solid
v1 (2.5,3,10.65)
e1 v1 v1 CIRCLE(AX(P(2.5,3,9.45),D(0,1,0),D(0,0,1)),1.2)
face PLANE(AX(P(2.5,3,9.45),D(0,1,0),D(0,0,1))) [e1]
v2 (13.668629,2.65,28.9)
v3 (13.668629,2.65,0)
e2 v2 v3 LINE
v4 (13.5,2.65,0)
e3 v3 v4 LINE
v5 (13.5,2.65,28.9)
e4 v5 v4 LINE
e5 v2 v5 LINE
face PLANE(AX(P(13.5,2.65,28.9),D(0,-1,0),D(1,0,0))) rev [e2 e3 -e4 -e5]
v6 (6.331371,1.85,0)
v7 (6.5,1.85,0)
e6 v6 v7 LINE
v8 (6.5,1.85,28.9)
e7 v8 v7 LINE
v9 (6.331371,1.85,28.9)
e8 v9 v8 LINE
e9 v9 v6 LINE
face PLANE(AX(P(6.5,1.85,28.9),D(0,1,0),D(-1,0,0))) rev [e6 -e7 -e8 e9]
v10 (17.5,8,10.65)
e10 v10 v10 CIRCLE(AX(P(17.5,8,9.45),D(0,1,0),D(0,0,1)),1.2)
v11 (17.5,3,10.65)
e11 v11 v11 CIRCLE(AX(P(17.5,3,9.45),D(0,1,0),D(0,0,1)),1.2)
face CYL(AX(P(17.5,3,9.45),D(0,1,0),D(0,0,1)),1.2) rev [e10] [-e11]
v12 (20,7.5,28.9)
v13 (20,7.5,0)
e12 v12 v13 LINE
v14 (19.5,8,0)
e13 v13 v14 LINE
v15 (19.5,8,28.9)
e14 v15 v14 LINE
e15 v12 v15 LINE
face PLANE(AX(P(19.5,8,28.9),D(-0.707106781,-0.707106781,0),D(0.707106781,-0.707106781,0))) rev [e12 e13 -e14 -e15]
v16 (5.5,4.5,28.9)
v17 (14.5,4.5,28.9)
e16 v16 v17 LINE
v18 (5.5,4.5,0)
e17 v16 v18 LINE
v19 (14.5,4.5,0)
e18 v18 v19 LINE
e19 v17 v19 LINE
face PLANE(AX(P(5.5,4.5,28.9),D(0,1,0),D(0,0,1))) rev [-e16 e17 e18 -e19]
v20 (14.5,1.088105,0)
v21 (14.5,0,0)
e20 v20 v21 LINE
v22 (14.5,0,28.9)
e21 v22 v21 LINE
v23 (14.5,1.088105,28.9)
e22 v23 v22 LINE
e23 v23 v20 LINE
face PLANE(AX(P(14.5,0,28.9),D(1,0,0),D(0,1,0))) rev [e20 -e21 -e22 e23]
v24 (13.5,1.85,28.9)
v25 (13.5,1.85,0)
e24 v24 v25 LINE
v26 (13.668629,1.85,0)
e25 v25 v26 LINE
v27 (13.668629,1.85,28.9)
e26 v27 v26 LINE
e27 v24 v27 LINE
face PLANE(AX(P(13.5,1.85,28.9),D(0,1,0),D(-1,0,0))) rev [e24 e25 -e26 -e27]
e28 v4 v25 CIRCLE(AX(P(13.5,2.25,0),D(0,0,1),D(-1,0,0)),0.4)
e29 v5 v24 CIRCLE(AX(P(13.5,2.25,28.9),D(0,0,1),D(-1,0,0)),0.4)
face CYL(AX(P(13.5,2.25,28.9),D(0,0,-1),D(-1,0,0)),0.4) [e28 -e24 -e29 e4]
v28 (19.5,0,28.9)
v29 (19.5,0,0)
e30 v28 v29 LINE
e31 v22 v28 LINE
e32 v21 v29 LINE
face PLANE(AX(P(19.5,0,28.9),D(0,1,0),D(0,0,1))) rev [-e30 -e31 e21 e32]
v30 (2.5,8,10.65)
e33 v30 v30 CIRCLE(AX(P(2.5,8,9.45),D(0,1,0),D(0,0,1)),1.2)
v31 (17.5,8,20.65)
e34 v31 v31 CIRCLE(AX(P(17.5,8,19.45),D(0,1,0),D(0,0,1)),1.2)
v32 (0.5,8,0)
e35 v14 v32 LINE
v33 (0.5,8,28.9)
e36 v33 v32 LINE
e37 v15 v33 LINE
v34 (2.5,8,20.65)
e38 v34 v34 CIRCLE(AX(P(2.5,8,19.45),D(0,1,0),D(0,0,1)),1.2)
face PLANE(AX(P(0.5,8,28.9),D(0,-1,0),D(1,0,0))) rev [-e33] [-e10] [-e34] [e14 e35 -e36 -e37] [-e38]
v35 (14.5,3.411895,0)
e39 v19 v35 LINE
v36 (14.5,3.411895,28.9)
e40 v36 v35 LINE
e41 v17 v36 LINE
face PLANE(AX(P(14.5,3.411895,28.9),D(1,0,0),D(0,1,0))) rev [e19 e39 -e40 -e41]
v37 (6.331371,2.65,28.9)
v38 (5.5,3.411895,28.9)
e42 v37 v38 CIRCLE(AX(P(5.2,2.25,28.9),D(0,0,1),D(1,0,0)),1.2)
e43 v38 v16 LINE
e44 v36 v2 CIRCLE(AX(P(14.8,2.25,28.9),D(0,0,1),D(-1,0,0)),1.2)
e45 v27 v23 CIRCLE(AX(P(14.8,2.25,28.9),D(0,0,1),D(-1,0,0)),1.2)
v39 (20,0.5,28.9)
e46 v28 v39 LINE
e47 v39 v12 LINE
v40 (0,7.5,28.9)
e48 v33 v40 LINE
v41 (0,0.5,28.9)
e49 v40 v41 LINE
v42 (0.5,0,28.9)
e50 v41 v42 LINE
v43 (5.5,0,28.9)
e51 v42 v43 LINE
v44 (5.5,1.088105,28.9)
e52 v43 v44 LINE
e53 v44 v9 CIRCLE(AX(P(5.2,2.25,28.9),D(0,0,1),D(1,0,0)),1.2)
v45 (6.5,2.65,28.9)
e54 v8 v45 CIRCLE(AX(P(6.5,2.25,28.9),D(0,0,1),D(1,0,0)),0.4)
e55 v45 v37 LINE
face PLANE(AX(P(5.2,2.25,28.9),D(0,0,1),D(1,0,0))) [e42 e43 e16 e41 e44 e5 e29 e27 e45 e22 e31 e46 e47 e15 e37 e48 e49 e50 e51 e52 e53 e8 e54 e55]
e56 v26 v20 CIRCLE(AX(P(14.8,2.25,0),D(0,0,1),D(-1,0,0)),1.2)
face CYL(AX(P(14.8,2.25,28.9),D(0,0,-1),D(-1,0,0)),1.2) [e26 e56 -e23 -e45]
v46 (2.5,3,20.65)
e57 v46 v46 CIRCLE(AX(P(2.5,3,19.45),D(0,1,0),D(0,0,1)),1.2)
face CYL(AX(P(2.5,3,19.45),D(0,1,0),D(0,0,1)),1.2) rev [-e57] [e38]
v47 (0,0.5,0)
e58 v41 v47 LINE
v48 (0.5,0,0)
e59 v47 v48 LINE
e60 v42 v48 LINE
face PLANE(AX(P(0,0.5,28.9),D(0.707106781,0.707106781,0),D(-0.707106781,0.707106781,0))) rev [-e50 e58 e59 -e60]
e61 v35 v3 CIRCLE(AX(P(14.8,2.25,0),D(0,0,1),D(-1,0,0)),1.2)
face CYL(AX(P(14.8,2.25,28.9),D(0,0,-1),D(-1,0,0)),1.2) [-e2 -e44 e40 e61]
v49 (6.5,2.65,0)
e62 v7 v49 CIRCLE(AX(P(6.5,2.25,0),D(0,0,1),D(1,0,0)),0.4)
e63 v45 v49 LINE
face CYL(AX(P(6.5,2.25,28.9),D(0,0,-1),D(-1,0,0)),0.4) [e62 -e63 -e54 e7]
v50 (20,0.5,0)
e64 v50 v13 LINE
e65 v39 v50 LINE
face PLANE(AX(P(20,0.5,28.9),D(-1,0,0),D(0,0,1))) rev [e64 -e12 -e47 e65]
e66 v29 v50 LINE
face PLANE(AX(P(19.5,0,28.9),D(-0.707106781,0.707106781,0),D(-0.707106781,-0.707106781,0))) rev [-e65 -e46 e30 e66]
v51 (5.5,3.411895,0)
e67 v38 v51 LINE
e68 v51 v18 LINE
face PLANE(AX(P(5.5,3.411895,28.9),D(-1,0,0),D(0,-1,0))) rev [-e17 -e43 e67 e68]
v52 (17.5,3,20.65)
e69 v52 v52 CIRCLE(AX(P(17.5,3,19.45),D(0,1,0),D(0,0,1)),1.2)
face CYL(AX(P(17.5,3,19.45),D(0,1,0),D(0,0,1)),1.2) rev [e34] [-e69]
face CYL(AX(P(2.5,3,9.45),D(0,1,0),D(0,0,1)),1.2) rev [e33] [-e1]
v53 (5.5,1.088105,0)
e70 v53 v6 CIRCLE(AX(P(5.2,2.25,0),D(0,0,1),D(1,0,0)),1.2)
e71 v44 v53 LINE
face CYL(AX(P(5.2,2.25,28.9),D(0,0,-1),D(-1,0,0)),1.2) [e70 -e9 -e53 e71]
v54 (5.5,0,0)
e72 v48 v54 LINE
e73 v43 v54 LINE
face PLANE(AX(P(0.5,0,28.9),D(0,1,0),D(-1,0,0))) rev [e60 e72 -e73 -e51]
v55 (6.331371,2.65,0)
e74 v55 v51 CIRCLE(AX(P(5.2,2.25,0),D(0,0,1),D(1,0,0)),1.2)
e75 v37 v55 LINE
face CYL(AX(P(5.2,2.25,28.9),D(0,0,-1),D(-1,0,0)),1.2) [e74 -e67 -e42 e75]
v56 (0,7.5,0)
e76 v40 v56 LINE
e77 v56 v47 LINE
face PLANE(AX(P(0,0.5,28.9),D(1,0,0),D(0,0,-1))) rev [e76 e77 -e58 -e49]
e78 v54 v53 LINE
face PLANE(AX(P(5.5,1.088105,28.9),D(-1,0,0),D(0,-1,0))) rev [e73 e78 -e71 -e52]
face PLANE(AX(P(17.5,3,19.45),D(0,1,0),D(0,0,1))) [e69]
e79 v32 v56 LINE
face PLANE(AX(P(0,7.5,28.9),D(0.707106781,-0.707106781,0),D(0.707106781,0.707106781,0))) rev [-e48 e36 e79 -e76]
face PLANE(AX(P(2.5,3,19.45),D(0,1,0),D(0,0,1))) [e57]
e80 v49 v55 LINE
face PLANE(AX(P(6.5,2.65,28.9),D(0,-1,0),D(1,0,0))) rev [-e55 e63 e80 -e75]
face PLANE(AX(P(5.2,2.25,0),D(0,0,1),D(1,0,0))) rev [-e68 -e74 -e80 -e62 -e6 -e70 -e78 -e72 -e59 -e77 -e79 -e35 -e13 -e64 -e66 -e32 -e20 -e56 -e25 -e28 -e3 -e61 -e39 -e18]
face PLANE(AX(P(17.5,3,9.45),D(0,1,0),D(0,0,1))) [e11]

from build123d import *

# Parameters (mm, degrees)
EXTRUDE_1_DEPTH     = 28.9
SKETCH_2_R          = 1.2
CUT_EXTRUDE_1_DEPTH = 5


with BuildPart() as part:
    # 草图1 → 凸台-拉伸1 (new body)
    with BuildSketch(Plane.XY):
        with BuildLine():
            Line((0, 0.5), (0, 7.5))
            Line((0, 7.5), (0.5, 8))
            Line((0.5, 8), (19.5, 8))
            Line((19.5, 8), (20, 7.5))
            Line((20, 7.5), (20, 0.5))
            Line((20, 0.5), (19.5, 0))
            Line((19.5, 0), (14.5, 0))
            Line((14.5, 0), (14.5, 1.088104996))
            ThreePointArc((14.5, 1.088104996), (13.989243177, 1.365311708), (13.66862915, 1.85))
            Line((13.66862915, 1.85), (13.5, 1.85))
            ThreePointArc((13.5, 1.85), (13.1, 2.25), (13.5, 2.65))
            Line((13.5, 2.65), (13.66862915, 2.65))
            ThreePointArc((13.66862915, 2.65), (13.989243177, 3.134688292), (14.5, 3.411895004))
            Line((14.5, 3.411895004), (14.5, 4.5))
            Line((14.5, 4.5), (5.5, 4.5))
            Line((5.5, 4.5), (5.5, 3.411895004))
            ThreePointArc((5.5, 3.411895004), (6.010756823, 3.134688292), (6.33137085, 2.65))
            Line((6.33137085, 2.65), (6.5, 2.65))
            ThreePointArc((6.5, 2.65), (6.9, 2.25), (6.5, 1.85))
            Line((6.5, 1.85), (6.33137085, 1.85))
            ThreePointArc((6.33137085, 1.85), (6.010756823, 1.365311708), (5.5, 1.088104996))
            Line((5.5, 1.088104996), (5.5, 0))
            Line((5.5, 0), (0.5, 0))
            Line((0.5, 0), (0, 0.5))
        make_face()
    extrude(amount=EXTRUDE_1_DEPTH)

    # 草图2 → 切除-拉伸1 (cut)
    with BuildSketch(Plane(origin=(0, 8, 0), x_dir=(1, 0, 0), z_dir=(0, 1, 0))):
        with Locations(Location((2.5, -19.45, 0), (0, 0, 270))):
            Circle(SKETCH_2_R)
        with Locations(Location((2.5, -9.45, 0), (0, 0, 270))):
            Circle(SKETCH_2_R)
        with Locations(Location((17.5, -9.45, 0), (0, 0, 270))):
            Circle(SKETCH_2_R)
        with Locations(Location((17.5, -19.45, 0), (0, 0, 270))):
            Circle(SKETCH_2_R)
    extrude(amount=-CUT_EXTRUDE_1_DEPTH, mode=Mode.SUBTRACT)


solid = part.part
